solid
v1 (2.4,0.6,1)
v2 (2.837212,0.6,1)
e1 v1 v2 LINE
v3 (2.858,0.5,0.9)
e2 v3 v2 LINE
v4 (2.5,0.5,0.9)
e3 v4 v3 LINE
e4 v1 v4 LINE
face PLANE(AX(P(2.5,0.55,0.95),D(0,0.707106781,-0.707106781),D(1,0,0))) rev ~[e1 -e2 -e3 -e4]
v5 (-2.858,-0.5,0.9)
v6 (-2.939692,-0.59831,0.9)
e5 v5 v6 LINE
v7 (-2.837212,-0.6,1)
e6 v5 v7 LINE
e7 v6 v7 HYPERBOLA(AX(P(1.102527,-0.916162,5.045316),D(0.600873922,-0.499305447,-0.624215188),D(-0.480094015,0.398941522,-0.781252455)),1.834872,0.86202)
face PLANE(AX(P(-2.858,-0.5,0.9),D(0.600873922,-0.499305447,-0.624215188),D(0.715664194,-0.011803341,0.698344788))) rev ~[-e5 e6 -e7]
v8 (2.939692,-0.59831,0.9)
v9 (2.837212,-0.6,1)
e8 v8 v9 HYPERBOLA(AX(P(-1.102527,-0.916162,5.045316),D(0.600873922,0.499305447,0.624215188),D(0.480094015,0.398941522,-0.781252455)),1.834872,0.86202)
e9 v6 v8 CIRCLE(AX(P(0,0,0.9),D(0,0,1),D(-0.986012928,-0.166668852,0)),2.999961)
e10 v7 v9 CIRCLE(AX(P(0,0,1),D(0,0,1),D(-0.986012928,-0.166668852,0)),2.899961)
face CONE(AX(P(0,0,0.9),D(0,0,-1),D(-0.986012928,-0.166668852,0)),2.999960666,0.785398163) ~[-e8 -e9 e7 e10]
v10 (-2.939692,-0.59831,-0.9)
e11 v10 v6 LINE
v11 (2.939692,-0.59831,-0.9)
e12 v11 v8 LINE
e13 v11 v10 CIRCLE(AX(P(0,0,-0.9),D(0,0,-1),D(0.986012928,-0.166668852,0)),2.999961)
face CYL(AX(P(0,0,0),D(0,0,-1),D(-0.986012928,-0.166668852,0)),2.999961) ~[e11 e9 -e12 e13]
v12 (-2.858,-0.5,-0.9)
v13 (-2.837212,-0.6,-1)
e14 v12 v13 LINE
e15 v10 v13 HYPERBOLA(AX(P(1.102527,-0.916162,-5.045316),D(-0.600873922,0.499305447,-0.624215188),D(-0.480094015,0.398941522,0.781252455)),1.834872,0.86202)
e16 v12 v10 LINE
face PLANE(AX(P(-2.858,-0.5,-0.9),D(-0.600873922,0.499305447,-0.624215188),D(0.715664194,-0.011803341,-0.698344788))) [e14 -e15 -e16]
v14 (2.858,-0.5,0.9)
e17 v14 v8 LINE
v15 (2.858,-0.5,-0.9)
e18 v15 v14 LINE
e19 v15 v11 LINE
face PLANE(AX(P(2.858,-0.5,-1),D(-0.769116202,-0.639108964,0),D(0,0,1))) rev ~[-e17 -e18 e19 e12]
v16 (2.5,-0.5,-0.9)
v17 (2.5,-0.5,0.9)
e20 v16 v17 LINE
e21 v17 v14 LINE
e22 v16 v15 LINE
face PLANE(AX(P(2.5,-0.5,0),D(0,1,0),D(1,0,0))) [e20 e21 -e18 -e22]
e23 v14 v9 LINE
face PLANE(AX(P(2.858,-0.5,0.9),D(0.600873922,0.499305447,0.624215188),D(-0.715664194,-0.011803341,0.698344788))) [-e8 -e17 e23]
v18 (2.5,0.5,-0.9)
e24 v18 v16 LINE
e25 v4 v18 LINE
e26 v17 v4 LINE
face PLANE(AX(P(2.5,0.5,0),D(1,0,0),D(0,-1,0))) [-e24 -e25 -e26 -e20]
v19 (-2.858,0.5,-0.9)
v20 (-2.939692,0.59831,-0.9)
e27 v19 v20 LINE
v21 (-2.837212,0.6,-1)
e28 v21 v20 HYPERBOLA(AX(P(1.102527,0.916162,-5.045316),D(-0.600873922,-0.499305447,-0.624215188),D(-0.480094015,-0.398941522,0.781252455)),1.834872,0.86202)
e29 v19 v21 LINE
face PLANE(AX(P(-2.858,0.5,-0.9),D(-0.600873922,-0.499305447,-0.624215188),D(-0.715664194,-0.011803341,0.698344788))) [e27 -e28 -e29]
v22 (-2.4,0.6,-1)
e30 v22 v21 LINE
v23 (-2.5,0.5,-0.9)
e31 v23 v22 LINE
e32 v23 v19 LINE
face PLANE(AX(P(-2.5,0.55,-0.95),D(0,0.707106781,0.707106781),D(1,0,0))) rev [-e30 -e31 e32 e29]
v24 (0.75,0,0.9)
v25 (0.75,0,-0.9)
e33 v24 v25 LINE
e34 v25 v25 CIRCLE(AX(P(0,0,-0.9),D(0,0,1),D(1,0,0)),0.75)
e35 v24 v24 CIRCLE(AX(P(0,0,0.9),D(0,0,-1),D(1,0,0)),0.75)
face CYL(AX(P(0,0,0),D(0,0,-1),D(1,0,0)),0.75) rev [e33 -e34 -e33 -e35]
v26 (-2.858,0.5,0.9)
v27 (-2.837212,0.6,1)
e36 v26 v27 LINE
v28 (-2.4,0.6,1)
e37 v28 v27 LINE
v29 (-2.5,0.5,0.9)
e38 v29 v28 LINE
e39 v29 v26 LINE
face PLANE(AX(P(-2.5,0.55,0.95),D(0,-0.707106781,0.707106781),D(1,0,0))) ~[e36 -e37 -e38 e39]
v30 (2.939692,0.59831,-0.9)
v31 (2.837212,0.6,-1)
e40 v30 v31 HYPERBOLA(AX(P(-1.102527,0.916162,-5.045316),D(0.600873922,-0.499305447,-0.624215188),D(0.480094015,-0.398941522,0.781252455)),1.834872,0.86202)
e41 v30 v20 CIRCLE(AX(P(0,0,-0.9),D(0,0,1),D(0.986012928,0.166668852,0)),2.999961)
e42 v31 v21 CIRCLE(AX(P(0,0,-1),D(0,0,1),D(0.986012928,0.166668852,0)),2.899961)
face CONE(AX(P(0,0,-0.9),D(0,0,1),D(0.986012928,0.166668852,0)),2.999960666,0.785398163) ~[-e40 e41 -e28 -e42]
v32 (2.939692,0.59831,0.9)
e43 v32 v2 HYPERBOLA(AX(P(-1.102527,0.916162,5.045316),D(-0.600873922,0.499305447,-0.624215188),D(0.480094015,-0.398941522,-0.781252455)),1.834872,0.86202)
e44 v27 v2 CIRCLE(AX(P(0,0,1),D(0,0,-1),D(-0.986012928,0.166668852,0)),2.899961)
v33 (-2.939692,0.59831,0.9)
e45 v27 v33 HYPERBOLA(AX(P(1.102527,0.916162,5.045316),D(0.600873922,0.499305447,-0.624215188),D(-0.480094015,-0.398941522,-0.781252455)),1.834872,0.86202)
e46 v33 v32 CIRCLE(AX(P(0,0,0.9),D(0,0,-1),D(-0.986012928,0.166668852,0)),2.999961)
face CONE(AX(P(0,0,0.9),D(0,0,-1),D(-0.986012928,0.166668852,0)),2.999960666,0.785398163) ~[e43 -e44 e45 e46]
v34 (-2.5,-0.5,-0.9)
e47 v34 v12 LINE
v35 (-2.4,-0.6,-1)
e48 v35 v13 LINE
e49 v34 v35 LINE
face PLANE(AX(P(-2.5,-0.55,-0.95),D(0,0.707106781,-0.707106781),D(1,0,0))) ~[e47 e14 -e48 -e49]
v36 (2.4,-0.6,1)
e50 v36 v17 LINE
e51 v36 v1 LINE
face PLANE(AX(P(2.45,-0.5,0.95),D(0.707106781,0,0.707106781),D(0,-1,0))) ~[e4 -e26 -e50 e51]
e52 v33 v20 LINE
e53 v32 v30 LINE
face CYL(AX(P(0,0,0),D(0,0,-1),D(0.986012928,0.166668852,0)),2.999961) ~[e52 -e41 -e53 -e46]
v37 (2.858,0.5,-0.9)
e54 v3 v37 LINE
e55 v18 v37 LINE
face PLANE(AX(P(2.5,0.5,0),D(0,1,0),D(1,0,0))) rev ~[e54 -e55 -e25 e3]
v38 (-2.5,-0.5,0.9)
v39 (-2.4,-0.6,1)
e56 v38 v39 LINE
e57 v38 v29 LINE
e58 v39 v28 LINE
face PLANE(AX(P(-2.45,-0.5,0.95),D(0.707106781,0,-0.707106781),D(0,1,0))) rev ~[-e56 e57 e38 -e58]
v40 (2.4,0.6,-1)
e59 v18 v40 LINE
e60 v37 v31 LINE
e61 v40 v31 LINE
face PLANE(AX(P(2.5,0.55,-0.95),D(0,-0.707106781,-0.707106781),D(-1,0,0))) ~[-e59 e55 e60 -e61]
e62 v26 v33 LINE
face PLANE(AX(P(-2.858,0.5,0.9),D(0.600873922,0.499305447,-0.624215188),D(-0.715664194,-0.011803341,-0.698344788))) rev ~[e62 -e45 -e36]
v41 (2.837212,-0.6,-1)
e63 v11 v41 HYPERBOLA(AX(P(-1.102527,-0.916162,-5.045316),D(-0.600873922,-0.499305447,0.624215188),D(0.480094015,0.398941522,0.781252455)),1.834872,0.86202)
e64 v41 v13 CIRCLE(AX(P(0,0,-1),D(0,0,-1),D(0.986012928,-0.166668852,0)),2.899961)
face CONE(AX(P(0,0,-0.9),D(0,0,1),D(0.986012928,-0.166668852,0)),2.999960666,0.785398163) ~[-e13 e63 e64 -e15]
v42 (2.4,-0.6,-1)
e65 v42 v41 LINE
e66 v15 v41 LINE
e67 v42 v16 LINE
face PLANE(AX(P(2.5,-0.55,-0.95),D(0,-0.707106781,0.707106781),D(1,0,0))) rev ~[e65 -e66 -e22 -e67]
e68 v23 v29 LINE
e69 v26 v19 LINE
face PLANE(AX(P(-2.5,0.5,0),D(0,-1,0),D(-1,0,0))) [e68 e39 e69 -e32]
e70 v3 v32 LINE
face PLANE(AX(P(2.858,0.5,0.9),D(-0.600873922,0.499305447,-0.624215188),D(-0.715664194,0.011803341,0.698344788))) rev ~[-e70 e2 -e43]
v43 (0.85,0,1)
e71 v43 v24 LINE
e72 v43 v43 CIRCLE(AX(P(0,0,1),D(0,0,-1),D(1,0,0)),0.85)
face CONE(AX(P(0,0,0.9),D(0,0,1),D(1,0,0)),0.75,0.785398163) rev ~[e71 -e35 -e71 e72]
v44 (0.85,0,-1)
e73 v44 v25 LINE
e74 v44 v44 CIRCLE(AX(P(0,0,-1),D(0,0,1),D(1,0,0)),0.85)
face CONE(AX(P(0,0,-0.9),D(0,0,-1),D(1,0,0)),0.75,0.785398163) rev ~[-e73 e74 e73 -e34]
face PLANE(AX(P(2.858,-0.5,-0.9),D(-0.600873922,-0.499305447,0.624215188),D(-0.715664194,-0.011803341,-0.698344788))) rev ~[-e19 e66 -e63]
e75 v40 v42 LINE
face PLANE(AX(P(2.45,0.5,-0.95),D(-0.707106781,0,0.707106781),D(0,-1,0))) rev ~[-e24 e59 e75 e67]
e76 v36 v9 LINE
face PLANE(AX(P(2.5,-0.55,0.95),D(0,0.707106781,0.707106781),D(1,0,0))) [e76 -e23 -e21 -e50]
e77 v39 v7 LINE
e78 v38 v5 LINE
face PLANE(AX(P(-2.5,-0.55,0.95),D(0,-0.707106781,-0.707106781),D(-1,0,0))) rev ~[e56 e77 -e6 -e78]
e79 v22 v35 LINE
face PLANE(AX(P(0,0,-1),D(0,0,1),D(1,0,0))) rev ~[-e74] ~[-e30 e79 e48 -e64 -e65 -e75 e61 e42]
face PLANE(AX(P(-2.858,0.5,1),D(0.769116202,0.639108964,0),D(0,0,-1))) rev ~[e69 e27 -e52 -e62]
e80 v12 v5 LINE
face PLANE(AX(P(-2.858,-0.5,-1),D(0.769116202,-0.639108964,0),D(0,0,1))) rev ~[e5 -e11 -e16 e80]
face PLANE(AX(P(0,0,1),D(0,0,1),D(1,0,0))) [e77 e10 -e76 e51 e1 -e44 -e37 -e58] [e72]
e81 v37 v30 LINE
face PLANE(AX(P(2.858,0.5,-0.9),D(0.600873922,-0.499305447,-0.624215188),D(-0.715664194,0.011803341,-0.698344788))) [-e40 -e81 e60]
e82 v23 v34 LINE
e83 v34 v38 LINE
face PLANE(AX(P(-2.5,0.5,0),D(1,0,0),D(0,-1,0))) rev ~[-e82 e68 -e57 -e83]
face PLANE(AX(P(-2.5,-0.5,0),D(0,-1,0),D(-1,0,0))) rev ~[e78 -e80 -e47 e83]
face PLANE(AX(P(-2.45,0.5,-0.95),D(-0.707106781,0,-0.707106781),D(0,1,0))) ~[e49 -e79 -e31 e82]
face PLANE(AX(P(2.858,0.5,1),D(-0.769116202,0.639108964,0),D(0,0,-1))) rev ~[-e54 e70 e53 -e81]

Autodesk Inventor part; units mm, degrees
ref_plane "YZ Plane" through (0, 0, 0) normal (1, 0, 0) x (0, 1, 0)
ref_plane "XZ Plane" through (0, 0, 0) normal (0, 1, 0) x (-1, 0, 0)
ref_plane "XY Plane" through (0, 0, 0) normal (0, 0, 1) x (1, 0, 0)
sketch "Skizze1" plane through (0, 0, 0) normal (0, 0, 1) x (1, 0, 0)
  line L0 (-2.5, 0.5) -> (-2.5, -0.5)
  line L1 (2.5, 0.5) -> (2.5, -0.5)
  line L2 (-4.1413, 0) -> (4.1413, 0) projected
  line L3 (0, -4.2) -> (0, 4.2) projected
  circle A0 centre (0, 0) radius 0.75
  line L4 (-2.5, 0.5) -> (-2.958, 0.5)
  line L5 (-2.5, -0.5) -> (-2.958, -0.5)
  line L6 (2.5, -0.5) -> (2.958, -0.5)
  line L7 (2.5, 0.5) -> (2.958, 0.5)
  arc A1 (-2.958, -0.5) -> (2.958, -0.5) centre (0, 0) ccw
  arc A2 (2.958, 0.5) -> (-2.958, 0.5) centre (0, 0) ccw
  dimension "d0" = 1.5
  dimension "d8" = 5
  dimension "d9" = 3
  dimension "d10" = 3
  dimension "d11" = 0.458
extrude "Extrusion2" add sketch "Skizze1" along normal mid plane 2 contours L4 A2 L3 A0 L2 L0 | L2 A0 L3 A1 L5 L0 | A2 L7 L1 L2 A0 L3 | A0 L2 L1 L6 A1 L3
chamfer "Fase1" distance 0.1 angle 45 22 edges at (-0.75, 0, 1) (0, 3, 1) (0, -3, 1) (0, -3, -1) (0, 3, -1) (-0.75, 0, -1) (-2.958, -0.5, 0) (-2.729, -0.5, -1) (-2.5, 0, -1) (-2.5, 0, 1) (-2.729, -0.5, 1) (-2.729, 0.5, -1) (-2.729, 0.5, 1) (-2.958, 0.5, 0) (2.958, -0.5, 0) (2.958, 0.5, 0) (2.729, 0.5, -1) (2.729, 0.5, 1) (2.5, 0, -1) (2.729, -0.5, -1) (2.729, -0.5, 1) (2.5, 0, 1)
thread "Gewinde2" size "M6x0.5" class "6g" standard "ISO Metric profile" length 10
properties part number "YTP-AP-E16-R1.0"
